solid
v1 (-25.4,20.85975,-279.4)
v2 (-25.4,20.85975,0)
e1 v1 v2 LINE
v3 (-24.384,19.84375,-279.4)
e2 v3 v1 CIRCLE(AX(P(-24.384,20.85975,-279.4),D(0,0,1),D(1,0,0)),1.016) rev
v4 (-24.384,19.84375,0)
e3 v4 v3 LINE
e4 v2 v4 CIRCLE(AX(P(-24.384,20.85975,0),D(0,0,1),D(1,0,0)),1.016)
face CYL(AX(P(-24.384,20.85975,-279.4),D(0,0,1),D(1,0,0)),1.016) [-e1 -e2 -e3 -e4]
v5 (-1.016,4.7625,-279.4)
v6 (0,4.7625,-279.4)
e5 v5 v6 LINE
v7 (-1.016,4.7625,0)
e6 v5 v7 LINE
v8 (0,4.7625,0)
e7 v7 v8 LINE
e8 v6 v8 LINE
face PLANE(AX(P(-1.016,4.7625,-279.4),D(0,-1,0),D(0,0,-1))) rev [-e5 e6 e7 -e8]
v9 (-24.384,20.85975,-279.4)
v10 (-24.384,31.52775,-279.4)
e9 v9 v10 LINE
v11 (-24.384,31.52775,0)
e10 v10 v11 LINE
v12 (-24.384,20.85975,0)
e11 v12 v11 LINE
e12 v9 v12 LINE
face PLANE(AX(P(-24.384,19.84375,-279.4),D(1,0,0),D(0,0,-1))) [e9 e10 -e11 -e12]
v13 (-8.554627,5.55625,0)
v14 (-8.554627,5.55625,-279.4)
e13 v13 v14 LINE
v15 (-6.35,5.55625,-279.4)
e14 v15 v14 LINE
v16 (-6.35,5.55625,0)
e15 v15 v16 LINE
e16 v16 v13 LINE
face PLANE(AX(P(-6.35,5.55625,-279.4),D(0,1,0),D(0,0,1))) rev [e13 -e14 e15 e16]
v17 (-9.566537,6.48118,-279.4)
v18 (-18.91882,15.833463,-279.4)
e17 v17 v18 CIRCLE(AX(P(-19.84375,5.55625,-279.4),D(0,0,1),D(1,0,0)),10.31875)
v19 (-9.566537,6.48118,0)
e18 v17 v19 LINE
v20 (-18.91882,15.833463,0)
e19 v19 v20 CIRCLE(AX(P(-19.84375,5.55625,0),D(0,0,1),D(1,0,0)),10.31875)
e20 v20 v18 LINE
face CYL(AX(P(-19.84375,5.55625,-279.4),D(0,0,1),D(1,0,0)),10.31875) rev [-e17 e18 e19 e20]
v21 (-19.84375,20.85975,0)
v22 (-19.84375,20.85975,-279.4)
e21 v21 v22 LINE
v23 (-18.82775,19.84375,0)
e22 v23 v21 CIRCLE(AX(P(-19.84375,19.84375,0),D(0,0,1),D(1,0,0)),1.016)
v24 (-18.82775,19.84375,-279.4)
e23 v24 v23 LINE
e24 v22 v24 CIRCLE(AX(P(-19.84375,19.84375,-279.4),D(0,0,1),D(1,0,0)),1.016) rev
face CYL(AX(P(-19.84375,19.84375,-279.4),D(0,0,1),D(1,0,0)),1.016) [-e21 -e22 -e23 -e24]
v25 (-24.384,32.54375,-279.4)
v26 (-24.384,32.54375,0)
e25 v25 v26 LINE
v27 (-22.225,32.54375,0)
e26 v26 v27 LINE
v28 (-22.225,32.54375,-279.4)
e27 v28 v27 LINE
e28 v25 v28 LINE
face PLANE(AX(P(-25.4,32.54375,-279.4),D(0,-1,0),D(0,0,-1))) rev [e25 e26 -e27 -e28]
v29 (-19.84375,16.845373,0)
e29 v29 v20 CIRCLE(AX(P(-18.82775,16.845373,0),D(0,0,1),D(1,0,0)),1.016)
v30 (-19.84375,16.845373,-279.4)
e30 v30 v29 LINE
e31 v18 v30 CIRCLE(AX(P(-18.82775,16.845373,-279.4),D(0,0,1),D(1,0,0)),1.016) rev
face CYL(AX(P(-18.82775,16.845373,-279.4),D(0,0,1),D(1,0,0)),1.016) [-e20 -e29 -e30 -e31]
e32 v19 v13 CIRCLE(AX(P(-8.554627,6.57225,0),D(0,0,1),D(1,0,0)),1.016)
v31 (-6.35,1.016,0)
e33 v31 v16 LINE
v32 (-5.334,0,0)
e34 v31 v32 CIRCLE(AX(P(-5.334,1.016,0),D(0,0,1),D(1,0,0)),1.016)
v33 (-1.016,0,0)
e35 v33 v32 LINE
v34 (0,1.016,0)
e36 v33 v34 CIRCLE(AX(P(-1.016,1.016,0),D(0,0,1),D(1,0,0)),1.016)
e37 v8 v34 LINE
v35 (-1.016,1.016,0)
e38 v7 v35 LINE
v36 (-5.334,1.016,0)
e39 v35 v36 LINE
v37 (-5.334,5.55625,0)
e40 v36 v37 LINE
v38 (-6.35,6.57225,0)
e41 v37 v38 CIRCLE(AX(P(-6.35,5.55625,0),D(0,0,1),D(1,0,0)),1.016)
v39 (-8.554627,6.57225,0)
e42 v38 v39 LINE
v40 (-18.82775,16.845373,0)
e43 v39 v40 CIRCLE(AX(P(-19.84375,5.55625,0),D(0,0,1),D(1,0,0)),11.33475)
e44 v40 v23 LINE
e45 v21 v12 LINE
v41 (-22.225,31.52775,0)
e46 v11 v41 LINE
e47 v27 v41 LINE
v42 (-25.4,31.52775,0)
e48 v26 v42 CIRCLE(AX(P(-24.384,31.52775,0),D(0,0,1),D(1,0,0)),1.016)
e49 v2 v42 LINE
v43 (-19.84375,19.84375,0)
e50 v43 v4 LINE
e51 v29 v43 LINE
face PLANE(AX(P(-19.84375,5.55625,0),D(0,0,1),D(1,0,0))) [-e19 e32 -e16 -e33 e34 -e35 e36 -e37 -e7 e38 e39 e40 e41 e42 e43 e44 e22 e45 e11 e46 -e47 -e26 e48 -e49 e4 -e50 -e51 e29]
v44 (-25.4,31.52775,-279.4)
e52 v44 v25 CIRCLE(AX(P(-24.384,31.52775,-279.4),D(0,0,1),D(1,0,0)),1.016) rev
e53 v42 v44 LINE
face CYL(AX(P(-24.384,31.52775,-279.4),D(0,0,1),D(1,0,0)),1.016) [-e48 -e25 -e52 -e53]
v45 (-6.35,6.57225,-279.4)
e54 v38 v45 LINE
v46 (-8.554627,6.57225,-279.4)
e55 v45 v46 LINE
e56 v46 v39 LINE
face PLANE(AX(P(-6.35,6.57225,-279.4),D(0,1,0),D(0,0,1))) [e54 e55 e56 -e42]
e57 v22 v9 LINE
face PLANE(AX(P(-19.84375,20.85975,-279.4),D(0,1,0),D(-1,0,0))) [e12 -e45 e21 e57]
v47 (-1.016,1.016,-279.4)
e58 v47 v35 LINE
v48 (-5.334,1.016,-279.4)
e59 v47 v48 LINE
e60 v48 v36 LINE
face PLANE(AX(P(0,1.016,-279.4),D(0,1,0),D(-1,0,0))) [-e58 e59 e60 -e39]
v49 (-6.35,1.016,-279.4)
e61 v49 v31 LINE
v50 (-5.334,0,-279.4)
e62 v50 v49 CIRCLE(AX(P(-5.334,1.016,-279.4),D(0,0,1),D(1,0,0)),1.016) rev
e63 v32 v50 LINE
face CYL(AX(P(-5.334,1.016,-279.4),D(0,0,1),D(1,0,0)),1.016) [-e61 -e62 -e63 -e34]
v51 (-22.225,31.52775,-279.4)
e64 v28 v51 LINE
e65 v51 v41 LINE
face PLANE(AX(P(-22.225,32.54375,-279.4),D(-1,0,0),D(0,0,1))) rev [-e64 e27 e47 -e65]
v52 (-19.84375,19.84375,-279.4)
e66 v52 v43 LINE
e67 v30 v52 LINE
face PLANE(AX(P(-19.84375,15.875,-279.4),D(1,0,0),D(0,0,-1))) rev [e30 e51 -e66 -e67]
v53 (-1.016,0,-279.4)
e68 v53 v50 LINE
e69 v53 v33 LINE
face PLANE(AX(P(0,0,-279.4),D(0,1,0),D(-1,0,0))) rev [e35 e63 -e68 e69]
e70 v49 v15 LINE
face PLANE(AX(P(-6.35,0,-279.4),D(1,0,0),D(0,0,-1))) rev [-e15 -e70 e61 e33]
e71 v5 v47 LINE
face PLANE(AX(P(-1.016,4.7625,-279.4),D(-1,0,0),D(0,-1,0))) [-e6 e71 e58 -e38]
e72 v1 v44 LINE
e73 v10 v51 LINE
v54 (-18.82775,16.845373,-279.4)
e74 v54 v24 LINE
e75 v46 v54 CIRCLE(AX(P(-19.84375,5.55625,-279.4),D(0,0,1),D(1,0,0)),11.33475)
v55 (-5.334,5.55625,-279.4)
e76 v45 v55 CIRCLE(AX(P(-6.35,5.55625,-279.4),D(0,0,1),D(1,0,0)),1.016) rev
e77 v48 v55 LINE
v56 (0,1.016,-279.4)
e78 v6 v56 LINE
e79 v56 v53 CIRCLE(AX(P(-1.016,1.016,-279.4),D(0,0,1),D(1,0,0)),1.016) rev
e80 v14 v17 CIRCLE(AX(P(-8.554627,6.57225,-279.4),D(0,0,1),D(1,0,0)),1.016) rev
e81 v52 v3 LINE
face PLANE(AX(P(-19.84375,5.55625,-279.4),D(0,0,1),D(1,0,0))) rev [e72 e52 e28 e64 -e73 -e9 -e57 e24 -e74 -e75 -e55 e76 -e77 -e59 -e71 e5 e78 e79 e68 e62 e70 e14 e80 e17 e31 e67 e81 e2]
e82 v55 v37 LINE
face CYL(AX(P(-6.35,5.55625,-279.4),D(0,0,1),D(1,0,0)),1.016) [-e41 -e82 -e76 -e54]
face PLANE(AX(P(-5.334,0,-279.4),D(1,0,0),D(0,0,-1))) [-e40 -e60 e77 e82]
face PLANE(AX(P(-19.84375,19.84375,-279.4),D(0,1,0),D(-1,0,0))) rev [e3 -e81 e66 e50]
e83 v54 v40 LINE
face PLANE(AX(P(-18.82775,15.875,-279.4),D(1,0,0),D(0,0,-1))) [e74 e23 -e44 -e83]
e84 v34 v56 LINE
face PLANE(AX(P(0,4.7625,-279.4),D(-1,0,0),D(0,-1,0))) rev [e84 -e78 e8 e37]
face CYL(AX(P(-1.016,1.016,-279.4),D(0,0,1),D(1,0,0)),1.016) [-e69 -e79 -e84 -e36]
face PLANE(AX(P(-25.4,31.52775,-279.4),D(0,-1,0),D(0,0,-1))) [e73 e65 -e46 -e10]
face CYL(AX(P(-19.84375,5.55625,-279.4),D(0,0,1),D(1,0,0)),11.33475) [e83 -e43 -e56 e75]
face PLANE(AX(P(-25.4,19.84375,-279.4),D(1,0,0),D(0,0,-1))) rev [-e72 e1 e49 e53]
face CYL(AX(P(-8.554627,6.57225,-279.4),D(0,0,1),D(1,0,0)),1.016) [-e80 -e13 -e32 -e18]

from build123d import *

# Parameters (mm, degrees)
EXTRUDE_THIN1_DEPTH = 279.4
FILLET1_R           = 1.016


with BuildPart() as part:
    # Sketch1 → Extrude-Thin1 (new body)
    with BuildSketch(Plane.XY):
        with BuildLine():
            Line((0, 4.7625), (0, 0))
            Line((0, 0), (-6.35, 0))
            Line((-6.35, 0), (-6.35, 5.55625))
            Line((-6.35, 5.55625), (-9.525, 5.55625))
            ThreePointArc((-9.525, 5.55625), (-12.547291902, 12.852708098), (-19.84375, 15.875))
            Line((-19.84375, 15.875), (-19.84375, 19.84375))
            Line((-19.84375, 19.84375), (-25.4, 19.84375))
            Line((-25.4, 19.84375), (-25.4, 32.54375))
            Line((-25.4, 32.54375), (-22.225, 32.54375))
            Line((-22.225, 32.54375), (-22.225, 31.52775))
            Line((-22.225, 31.52775), (-24.384, 31.52775))
            Line((-24.384, 31.52775), (-24.384, 20.85975))
            Line((-24.384, 20.85975), (-18.82775, 20.85975))
            Line((-18.82775, 20.85975), (-18.82775, 16.845373153))
            ThreePointArc((-18.82775, 16.845373153), (-11.828871412, 13.571128588), (-8.554626847, 6.57225))
            Line((-8.554626847, 6.57225), (-5.334, 6.57225))
            Line((-5.334, 6.57225), (-5.334, 1.016))
            Line((-5.334, 1.016), (-1.016, 1.016))
            Line((-1.016, 1.016), (-1.016, 4.7625))
            Line((-1.016, 4.7625), (0, 4.7625))
        make_face()
    extrude(amount=-EXTRUDE_THIN1_DEPTH)

    # Fillet1
    fillet1_edges = [part.edges().sort_by_distance(p)[0] for p in [
        (-18.82775, 20.85975, -139.7),
        (-5.334, 6.57225, -139.7),
        (0, 0, -139.7),
        (-6.35, 0, -139.7),
        (-9.525, 5.55625, -139.7),
        (-19.84375, 15.875, -139.7),
        (-25.4, 19.84375, -139.7),
        (-25.4, 32.54375, -139.7),
    ]]
    fillet(fillet1_edges, radius=FILLET1_R)


solid = part.part
